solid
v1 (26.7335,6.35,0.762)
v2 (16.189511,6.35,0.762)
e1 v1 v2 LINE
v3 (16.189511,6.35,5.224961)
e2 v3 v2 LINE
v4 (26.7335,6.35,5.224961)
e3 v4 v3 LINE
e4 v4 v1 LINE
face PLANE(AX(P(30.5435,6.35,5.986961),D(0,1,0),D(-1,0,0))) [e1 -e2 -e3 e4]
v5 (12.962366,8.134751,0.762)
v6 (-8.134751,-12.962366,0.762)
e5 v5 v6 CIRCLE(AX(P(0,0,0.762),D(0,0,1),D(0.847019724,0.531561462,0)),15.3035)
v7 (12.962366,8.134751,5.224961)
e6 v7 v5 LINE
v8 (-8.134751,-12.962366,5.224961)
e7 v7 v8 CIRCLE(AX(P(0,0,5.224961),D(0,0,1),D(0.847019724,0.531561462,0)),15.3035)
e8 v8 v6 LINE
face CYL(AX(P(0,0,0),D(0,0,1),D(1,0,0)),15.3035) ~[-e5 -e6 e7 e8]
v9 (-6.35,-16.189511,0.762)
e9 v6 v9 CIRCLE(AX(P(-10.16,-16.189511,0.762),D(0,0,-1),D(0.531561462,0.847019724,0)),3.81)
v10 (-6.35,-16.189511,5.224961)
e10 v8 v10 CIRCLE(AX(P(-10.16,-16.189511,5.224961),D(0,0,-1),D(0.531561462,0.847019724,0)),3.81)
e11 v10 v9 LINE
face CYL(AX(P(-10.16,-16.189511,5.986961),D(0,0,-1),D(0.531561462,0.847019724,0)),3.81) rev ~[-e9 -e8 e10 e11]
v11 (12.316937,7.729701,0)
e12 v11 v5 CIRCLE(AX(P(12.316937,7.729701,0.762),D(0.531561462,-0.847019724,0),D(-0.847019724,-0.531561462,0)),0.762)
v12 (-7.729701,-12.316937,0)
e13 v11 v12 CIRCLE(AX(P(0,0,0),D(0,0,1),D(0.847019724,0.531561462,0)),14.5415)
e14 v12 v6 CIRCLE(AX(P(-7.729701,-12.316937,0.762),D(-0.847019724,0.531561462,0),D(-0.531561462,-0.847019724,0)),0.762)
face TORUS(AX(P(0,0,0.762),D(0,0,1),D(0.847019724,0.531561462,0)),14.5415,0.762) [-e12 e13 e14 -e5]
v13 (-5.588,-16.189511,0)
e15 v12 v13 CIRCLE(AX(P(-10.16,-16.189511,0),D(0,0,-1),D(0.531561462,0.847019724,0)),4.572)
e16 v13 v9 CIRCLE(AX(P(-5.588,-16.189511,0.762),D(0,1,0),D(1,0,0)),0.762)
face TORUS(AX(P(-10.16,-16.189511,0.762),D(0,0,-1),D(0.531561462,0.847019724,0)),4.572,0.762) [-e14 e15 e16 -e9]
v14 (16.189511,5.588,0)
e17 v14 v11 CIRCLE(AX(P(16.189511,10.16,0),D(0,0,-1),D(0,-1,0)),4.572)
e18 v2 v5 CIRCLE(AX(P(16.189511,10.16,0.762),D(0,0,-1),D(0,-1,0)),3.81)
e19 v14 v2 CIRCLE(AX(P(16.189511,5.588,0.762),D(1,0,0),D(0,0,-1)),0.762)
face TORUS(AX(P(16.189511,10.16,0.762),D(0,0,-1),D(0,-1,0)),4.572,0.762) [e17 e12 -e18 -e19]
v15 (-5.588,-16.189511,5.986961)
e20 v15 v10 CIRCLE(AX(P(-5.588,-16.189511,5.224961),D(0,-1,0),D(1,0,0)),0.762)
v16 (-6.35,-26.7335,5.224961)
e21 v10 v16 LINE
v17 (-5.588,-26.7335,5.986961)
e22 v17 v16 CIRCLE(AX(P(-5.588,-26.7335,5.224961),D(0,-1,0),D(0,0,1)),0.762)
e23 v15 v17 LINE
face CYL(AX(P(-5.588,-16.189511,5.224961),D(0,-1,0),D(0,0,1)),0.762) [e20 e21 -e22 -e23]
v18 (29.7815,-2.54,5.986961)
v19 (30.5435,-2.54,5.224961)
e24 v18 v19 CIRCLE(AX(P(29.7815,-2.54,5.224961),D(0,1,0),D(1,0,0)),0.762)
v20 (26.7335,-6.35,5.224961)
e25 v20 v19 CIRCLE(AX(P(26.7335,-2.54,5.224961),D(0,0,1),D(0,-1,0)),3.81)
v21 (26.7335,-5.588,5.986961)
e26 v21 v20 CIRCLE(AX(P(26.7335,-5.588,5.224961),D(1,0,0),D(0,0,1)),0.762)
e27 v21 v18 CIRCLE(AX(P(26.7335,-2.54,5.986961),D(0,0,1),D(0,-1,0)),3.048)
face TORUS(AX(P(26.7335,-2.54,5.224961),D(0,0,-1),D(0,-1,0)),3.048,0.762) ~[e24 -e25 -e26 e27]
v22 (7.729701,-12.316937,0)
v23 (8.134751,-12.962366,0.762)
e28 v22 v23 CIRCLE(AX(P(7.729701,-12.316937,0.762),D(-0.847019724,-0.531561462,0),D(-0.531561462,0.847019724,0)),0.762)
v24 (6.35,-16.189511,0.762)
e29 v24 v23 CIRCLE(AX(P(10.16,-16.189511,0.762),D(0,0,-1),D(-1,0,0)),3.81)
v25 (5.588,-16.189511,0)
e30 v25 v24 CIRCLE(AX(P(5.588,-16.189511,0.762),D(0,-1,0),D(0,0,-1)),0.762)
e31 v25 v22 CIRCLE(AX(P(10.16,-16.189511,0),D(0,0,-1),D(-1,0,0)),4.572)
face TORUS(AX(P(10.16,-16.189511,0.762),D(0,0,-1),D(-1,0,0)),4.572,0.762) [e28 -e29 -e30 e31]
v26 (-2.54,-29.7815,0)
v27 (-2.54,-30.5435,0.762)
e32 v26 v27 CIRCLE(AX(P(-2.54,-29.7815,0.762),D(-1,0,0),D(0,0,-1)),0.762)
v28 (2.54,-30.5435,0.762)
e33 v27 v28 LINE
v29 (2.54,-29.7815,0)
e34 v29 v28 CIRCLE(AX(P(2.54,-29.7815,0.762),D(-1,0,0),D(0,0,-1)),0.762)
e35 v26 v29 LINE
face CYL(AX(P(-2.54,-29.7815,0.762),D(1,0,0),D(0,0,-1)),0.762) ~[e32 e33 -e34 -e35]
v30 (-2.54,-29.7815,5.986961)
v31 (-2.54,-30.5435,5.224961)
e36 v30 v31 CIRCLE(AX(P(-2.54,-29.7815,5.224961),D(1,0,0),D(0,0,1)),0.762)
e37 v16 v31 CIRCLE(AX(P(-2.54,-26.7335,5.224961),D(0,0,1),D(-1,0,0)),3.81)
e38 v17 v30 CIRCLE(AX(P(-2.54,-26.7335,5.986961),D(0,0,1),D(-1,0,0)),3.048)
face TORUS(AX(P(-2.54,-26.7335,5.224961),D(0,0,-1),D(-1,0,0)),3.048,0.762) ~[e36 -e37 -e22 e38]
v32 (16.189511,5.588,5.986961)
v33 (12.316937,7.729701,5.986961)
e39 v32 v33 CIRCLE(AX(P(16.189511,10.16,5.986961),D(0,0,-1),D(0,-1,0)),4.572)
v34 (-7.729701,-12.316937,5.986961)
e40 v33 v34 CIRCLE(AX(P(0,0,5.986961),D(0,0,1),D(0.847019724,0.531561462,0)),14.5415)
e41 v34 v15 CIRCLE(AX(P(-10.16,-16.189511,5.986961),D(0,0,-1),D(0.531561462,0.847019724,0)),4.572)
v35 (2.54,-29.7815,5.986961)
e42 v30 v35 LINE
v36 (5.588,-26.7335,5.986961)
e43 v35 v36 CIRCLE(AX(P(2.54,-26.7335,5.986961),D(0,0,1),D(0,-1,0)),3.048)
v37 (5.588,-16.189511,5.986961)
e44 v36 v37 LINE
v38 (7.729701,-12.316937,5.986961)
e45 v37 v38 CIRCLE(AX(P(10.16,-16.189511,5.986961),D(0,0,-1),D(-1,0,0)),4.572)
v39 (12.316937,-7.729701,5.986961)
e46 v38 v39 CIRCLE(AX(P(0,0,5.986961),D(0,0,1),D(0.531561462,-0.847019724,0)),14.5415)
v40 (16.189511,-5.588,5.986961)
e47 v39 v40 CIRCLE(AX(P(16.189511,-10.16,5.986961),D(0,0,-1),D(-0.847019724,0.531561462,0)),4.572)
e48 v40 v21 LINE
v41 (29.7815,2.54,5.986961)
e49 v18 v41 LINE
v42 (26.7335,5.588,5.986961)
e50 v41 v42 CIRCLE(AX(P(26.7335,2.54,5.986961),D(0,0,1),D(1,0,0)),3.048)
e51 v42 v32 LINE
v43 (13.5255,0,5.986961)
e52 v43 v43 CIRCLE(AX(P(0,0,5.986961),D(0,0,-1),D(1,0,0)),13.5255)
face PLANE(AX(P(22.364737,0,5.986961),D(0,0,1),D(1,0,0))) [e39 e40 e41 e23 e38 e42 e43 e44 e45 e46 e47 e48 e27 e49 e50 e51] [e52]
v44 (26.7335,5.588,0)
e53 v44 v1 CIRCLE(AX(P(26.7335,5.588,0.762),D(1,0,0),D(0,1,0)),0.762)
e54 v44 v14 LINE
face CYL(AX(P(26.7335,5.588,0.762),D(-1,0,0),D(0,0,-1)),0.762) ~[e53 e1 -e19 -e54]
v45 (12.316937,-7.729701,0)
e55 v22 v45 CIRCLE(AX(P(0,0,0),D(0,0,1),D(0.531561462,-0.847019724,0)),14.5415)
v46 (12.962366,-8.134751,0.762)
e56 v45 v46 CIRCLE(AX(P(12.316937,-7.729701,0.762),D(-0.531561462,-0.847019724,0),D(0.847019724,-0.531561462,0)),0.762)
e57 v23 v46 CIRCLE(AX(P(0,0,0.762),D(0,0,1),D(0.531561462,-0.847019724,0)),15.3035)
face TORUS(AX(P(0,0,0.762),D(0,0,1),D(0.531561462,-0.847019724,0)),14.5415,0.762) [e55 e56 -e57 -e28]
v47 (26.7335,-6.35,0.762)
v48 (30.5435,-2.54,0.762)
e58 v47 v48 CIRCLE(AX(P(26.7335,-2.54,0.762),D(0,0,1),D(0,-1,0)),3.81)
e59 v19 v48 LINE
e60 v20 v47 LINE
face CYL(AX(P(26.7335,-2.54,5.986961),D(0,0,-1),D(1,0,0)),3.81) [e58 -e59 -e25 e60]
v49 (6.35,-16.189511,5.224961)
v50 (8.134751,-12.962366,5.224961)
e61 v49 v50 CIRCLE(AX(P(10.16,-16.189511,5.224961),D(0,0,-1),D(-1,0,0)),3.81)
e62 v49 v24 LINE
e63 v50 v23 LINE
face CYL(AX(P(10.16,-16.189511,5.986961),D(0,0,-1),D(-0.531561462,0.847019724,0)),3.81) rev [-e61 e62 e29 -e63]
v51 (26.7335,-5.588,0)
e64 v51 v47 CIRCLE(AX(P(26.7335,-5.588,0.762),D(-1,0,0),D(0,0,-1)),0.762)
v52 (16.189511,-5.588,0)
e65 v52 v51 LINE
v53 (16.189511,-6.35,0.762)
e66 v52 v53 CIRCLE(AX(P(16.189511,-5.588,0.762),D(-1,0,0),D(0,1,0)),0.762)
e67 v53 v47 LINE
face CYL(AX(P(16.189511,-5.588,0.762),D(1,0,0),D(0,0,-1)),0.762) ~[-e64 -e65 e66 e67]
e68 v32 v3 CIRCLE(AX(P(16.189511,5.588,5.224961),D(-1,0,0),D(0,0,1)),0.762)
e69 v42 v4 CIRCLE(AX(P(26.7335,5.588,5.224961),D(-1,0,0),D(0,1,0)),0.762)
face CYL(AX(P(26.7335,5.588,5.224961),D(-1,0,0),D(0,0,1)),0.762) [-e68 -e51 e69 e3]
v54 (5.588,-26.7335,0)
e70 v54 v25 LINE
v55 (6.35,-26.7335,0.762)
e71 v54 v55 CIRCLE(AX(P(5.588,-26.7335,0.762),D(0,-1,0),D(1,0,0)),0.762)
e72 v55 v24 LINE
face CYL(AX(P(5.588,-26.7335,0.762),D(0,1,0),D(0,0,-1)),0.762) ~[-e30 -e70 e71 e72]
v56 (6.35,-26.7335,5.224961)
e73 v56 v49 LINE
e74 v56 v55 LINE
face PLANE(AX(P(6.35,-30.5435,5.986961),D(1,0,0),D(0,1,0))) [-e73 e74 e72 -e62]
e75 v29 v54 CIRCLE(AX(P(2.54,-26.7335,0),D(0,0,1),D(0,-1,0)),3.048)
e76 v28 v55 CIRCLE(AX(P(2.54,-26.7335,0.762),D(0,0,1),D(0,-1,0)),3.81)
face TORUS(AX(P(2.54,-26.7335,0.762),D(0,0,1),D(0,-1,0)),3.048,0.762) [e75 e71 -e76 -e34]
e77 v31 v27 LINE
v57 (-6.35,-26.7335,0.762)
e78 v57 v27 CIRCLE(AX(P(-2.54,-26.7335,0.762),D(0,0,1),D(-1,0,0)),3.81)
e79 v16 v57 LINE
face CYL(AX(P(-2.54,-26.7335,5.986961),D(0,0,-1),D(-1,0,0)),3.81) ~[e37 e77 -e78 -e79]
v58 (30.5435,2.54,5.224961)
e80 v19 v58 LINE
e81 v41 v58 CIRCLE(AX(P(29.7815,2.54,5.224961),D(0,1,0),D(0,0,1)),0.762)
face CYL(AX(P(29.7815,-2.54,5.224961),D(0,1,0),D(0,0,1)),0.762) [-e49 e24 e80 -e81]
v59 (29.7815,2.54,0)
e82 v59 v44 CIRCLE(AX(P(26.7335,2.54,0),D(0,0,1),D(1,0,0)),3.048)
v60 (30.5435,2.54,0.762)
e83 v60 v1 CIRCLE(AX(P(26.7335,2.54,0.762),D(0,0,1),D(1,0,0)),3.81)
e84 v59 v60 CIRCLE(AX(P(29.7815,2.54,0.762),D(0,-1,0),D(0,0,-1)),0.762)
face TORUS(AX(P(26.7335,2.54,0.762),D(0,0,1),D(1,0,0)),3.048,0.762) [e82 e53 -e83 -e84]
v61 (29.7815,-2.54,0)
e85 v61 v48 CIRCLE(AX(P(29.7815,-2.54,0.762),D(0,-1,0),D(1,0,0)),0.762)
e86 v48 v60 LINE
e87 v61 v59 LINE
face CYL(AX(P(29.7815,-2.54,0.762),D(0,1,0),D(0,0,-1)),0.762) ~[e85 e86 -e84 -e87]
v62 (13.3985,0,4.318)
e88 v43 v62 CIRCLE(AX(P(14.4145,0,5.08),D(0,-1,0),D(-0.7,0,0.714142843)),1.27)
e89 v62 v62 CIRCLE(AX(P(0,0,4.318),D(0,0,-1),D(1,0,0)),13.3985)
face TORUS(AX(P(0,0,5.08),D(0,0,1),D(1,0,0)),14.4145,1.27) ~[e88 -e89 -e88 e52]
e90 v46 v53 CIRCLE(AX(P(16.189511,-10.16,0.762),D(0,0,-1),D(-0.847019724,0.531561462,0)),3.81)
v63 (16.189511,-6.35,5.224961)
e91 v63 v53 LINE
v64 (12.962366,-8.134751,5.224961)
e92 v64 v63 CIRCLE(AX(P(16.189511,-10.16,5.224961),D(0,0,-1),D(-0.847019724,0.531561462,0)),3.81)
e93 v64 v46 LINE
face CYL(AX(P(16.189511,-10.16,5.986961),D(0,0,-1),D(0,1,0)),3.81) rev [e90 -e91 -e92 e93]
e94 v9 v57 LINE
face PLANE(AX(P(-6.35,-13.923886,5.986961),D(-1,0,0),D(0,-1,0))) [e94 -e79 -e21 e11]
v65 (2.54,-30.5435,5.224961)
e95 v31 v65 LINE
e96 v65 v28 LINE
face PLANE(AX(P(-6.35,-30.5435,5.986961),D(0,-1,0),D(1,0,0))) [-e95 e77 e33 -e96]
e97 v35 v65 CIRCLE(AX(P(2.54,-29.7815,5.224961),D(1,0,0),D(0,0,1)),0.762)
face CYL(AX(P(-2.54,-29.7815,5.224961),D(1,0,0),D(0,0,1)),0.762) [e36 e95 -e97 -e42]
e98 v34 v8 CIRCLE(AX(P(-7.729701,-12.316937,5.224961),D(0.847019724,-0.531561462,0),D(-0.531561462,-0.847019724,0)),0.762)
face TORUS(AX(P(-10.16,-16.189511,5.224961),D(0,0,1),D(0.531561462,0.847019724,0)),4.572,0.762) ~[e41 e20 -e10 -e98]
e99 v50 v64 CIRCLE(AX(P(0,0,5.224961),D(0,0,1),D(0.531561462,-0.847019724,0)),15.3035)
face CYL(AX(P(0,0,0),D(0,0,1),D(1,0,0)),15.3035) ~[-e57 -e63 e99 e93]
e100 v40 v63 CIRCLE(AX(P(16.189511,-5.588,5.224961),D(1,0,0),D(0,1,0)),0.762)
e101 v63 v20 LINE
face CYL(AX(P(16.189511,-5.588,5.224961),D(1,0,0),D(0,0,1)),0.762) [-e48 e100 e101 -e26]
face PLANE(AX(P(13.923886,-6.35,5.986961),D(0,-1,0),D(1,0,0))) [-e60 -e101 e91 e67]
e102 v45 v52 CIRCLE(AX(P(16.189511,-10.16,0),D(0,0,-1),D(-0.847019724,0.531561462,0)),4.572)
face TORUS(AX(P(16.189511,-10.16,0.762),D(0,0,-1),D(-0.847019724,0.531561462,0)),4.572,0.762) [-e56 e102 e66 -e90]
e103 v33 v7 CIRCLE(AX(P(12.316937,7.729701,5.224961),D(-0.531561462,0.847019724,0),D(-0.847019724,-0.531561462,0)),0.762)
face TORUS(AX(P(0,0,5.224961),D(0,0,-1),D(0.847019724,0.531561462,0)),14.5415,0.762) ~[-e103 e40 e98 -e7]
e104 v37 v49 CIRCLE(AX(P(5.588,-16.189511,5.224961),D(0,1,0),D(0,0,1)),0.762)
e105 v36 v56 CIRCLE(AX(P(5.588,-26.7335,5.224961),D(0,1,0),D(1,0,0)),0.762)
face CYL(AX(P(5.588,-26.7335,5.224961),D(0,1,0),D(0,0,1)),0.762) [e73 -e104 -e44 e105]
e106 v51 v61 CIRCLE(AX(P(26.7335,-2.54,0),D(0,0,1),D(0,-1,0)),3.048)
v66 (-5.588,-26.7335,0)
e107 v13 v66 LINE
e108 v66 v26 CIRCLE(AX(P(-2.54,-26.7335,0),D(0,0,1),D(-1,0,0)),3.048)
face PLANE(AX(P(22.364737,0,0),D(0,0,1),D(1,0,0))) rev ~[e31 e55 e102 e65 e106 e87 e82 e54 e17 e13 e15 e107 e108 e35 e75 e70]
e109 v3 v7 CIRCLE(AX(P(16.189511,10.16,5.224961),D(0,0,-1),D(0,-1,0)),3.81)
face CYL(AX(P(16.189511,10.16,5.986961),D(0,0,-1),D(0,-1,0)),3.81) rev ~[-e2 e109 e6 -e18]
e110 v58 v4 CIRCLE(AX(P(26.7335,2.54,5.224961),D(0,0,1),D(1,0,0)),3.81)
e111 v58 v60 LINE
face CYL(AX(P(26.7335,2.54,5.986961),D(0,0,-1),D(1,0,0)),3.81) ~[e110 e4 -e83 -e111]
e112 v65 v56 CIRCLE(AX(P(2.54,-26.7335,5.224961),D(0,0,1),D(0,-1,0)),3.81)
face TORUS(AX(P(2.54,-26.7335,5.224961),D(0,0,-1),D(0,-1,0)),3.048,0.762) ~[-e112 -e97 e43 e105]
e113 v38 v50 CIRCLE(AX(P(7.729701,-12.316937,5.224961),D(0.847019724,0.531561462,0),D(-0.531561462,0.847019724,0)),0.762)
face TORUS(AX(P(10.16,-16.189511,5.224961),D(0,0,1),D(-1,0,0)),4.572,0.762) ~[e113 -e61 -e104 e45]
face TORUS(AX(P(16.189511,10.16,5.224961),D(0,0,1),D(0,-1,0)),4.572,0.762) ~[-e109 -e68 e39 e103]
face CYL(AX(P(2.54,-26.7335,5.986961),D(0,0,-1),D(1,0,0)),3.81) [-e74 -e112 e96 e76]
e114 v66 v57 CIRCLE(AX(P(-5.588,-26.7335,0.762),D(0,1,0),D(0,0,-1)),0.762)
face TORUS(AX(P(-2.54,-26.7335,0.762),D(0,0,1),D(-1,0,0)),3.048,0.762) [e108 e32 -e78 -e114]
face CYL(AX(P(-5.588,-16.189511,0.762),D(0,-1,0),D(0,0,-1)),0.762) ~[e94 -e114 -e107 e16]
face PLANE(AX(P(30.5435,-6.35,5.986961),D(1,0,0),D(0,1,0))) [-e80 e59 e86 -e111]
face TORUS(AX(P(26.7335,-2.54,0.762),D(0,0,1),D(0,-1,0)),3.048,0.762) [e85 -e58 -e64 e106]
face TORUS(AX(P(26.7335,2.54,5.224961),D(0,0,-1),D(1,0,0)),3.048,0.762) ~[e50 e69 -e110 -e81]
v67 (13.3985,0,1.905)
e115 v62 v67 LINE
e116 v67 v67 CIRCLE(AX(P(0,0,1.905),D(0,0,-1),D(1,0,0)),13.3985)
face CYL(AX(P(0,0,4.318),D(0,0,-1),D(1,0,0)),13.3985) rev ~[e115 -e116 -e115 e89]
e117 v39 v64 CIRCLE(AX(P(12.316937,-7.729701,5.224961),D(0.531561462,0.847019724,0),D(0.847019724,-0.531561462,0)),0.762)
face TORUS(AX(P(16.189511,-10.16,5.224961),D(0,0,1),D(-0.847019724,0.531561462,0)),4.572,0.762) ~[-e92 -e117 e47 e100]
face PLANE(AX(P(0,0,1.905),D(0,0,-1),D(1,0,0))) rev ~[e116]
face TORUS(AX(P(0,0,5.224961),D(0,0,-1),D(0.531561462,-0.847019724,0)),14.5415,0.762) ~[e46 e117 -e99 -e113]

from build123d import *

# Parameters (mm, degrees)
F3_DEPTH = 5.9869614104
F4_R     = 3.81
F5_R     = 0.762


with BuildPart() as f1:
    # F0 (on Front) → F1 (revolve)
    with BuildSketch(Plane.XZ):
        with BuildLine():
            Line((15.3035, 0), (15.3035, 4.1730385896))
            ThreePointArc((15.3035, 4.1730385896), (14.3181376493, 3.8136610654), (13.3985, 4.318))
            Line((13.3985, 4.318), (13.3985, 1.905))
            Line((13.3985, 1.905), (0, 1.905))
            Line((0, 1.905), (0, 0))
            Line((0, 0), (15.3035, 0))
        make_face()
        with BuildLine():
            ThreePointArc((13.3985, 4.318), (14.3181376493, 3.8136610654), (15.3035, 4.1730385896))
            Line((15.3035, 4.1730385896), (15.3035, 5.9869614104))
            Line((15.3035, 5.9869614104), (13.5255, 5.9869614104))
            ThreePointArc((13.5255, 5.9869614104), (13.1481610654, 5.1763623507), (13.3985, 4.318))
        make_face()
    revolve(axis=Axis((0, 0, 4.2298094004), (0, 0, -1)))

    # F2 (on face) → F3 (join, through all)
    with BuildSketch(Plane.XY.offset(5.9869614104)):
        with BuildLine():
            Line((30.5435, -6.35), (30.5435, 6.35))
            Line((30.5435, 6.35), (13.9238863917, 6.35))
            ThreePointArc((13.9238863917, 6.35), (15.3035, 0), (13.9238863917, -6.35))
            Line((13.9238863917, -6.35), (30.5435, -6.35))
        make_face()
        with BuildLine():
            Line((-6.35, -30.5435), (6.35, -30.5435))
            Line((6.35, -30.5435), (6.35, -13.9238863917))
            ThreePointArc((6.35, -13.9238863917), (0, -15.3035), (-6.35, -13.9238863917))
            Line((-6.35, -13.9238863917), (-6.35, -30.5435))
        make_face()
    extrude(amount=-F3_DEPTH)

    # F4
    f4_edges = [f1.edges().sort_by_distance(p)[0] for p in [
        (-6.35, -30.5435, 2.993481),
        (-6.35, -13.923886, 2.993481),
        (6.35, -30.5435, 2.993481),
        (6.35, -13.923886, 2.993481),
        (13.923886, -6.35, 2.993481),
        (30.5435, -6.35, 2.993481),
        (30.5435, 6.35, 2.993481),
        (13.923886, 6.35, 2.993481),
    ]]
    fillet(f4_edges, radius=F4_R)

    # F5
    f5_edges = [f1.edges().sort_by_distance(p)[0] for p in [
        (0, -30.5435, 5.986961),
        (0, -30.5435, 0),
    ]]
    fillet(f5_edges, radius=F5_R)


solid = f1.part
